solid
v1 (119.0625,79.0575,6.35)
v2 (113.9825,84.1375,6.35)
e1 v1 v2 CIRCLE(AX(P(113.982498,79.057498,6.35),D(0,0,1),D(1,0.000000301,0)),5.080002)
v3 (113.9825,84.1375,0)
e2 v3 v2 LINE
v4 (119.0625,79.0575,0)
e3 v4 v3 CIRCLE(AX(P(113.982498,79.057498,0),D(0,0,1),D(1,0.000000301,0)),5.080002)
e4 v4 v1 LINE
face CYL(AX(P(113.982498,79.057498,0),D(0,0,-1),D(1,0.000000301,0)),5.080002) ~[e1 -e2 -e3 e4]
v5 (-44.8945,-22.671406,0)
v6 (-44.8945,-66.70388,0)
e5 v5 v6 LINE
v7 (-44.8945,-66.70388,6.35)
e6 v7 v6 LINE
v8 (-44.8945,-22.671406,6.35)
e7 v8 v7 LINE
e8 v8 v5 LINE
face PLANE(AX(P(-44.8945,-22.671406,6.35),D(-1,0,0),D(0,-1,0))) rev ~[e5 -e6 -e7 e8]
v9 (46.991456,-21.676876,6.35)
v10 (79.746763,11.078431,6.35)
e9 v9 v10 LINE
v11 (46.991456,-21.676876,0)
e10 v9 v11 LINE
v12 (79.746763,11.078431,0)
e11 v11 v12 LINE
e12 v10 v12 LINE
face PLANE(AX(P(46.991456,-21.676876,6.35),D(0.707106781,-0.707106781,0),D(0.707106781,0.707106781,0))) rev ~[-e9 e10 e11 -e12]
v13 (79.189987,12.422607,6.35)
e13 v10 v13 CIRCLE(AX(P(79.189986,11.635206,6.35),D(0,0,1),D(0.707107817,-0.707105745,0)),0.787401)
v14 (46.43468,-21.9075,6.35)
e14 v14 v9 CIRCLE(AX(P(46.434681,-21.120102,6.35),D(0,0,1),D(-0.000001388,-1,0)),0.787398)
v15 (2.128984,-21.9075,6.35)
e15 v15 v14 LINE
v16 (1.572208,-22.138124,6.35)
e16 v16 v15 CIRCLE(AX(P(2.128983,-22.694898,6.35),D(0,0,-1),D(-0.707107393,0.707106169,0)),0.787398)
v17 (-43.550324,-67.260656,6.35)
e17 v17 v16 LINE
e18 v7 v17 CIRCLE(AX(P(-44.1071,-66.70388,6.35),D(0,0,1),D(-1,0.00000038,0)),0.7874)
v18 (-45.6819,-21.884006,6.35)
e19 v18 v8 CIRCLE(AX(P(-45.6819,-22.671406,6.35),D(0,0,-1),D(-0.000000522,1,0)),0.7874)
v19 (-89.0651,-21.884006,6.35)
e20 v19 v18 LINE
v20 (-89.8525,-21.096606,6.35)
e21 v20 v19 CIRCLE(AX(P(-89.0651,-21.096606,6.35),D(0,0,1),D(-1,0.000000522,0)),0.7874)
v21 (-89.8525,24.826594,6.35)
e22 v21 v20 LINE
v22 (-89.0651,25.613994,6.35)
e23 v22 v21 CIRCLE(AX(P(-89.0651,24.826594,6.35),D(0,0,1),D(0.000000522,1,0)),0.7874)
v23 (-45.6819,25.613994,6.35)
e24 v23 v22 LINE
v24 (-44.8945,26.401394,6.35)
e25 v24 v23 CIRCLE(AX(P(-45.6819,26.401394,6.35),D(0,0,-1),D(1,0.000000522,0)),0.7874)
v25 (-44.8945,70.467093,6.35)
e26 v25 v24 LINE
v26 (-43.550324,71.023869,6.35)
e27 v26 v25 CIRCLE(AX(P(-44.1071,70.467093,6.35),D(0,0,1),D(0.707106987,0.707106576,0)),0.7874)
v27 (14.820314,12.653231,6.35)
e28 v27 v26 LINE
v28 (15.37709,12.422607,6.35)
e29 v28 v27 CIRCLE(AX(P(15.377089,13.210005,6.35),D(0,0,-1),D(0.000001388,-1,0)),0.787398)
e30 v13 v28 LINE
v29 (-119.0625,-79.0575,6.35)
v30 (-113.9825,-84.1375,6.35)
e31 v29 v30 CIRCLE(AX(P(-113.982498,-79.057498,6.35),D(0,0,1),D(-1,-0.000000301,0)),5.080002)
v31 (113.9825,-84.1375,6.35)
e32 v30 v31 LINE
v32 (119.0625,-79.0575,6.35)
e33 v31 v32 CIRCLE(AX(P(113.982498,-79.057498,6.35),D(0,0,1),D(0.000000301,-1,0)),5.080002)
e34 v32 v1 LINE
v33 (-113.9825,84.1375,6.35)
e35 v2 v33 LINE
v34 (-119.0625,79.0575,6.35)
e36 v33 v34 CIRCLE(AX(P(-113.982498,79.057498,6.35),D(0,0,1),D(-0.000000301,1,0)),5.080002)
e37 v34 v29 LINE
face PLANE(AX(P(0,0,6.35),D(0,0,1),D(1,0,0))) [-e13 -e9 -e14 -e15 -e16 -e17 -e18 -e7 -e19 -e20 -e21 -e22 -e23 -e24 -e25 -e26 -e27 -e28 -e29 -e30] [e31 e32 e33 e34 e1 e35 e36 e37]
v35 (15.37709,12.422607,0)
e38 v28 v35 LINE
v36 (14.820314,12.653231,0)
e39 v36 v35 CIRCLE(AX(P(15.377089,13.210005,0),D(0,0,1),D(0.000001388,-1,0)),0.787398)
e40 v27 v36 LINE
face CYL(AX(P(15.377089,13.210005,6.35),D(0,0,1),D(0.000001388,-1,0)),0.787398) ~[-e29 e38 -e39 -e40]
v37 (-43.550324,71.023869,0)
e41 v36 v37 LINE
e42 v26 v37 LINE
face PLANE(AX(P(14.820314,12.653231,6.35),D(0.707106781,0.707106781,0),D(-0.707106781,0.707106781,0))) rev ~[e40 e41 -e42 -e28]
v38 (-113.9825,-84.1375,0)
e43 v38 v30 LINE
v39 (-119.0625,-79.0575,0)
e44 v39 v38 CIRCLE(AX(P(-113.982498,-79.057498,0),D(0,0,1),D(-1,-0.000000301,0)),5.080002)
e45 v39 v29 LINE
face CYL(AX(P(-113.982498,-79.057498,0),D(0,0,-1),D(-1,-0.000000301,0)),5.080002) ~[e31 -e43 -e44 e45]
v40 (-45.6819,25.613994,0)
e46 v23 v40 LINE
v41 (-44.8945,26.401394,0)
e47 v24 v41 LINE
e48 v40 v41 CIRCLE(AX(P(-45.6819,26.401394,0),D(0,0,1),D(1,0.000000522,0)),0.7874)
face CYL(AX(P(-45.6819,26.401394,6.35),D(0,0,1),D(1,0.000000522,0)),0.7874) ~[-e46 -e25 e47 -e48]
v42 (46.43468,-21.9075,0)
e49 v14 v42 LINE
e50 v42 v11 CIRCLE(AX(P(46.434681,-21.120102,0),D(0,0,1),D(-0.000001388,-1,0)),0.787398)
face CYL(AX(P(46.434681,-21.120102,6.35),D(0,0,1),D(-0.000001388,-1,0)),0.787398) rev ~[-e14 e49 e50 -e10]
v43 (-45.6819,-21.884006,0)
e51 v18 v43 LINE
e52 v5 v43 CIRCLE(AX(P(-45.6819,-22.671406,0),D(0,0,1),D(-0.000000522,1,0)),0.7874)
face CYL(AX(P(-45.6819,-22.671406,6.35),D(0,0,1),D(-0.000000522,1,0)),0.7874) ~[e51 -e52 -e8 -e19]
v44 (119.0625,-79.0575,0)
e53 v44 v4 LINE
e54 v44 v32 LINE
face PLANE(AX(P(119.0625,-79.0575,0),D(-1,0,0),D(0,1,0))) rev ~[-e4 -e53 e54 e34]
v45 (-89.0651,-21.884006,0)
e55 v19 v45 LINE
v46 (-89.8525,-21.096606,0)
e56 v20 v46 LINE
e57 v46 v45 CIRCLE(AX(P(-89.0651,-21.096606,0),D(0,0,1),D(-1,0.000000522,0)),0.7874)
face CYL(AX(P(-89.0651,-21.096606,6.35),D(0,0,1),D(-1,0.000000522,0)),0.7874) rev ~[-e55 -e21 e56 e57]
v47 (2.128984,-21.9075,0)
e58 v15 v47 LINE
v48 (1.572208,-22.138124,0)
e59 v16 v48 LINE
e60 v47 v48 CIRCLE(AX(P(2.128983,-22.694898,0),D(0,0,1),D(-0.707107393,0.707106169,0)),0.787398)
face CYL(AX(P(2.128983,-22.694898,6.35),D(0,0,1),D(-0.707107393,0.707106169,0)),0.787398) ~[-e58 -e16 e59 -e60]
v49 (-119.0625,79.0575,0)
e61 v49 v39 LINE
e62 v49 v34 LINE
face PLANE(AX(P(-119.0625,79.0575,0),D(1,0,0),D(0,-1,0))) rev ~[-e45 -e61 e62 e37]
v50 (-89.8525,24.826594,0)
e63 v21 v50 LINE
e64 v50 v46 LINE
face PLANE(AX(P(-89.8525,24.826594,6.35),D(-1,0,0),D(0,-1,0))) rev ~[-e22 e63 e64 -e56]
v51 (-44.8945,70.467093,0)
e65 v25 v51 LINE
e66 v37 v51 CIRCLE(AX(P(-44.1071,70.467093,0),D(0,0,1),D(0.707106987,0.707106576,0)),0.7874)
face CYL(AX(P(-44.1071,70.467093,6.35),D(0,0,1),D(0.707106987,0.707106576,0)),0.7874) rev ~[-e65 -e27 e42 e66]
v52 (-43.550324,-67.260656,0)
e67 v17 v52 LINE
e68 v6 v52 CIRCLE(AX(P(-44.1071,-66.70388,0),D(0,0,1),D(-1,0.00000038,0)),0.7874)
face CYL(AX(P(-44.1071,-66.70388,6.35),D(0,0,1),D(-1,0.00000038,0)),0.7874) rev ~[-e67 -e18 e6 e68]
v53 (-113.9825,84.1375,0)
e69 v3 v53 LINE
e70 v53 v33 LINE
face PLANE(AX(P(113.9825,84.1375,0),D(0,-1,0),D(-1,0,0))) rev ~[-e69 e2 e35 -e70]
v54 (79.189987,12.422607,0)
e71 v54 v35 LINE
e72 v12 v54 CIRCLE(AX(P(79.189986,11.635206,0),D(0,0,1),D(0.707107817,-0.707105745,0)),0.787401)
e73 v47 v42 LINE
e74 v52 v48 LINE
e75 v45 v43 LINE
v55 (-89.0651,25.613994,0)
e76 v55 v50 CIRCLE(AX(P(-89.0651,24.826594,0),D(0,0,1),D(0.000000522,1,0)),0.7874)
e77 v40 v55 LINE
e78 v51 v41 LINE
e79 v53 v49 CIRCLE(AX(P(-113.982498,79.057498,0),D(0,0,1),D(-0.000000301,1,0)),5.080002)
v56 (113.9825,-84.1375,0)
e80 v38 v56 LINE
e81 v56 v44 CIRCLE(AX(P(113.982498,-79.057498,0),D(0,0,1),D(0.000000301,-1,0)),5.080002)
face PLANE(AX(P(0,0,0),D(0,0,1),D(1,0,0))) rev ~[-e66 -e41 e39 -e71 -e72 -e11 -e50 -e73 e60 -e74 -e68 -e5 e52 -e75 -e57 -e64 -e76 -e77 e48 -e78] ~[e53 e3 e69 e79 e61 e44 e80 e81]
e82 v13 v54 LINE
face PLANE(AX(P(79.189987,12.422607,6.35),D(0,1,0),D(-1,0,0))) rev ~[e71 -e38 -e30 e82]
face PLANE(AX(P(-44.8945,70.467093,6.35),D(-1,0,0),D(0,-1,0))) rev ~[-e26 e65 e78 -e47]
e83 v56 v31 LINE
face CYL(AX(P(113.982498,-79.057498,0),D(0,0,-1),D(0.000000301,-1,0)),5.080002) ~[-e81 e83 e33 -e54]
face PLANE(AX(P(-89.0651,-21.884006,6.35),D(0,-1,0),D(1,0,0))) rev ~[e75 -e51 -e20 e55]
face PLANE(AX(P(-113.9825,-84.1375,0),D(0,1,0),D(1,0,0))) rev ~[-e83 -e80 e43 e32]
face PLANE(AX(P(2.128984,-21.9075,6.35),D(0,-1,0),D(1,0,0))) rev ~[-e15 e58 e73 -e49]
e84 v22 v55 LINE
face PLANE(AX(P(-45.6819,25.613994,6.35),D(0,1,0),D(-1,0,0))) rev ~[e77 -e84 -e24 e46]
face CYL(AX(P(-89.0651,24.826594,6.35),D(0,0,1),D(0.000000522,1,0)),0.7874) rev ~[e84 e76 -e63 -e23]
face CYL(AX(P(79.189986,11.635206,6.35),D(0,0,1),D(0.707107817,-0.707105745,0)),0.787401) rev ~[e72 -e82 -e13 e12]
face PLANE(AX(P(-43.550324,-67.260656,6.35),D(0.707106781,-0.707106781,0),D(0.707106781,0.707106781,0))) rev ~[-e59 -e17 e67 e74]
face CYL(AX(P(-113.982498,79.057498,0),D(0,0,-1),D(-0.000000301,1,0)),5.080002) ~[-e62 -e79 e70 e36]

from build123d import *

# Parameters (mm, degrees)
F1_DEPTH = 6.35
F3_DEPTH = 6.351
F5_DEPTH = 6.351


with BuildPart() as f1:
    # F0 (on Top) → F1 (new body)
    with BuildSketch(Plane.XY):
        with BuildLine():
            Line((113.9825, 84.1375), (-113.9825, 84.1375))
            ThreePointArc((-113.9825, 84.1375), (-117.574602, 82.649602), (-119.0625, 79.0575))
            Line((-119.0625, 79.0575), (-119.0625, -79.0575))
            ThreePointArc((-119.0625, -79.0575), (-117.574602, -82.649602), (-113.9825, -84.1375))
            Line((-113.9825, -84.1375), (113.9825, -84.1375))
            ThreePointArc((113.9825, -84.1375), (117.574602, -82.649602), (119.0625, -79.0575))
            Line((119.0625, -79.0575), (119.0625, 79.0575))
            ThreePointArc((119.0625, 79.0575), (117.574602, 82.649602), (113.9825, 84.1375))
        make_face()
    extrude(amount=F1_DEPTH)

    # F2 (on face) → F3 (cut, through all)
    with BuildSketch(Plane.XY.offset(6.35)):
        Polygon((-88.5825, 24.343994), (-88.5825, -20.614006), (-43.6245, -20.614006), (-43.6245, -65.538781), (1.276781, -20.6375), (46.234781, -20.6375), (78.024887, 11.152607), (14.524887, 11.152607), (-43.6245, 69.301994), (-43.6245, 24.343994), align=None)
    extrude(amount=-F3_DEPTH, mode=Mode.SUBTRACT)

    # F4 (on face) → F5 (cut, through all)
    with BuildSketch(Plane.XY.offset(6.35)):
        with BuildLine():
            ThreePointArc((79.746763, 11.078431), (79.917449, 11.936532), (79.189987, 12.422607))
            Line((79.189987, 12.422607), (15.37709, 12.422607))
            ThreePointArc((15.37709, 12.422607), (15.075765, 12.482544), (14.820314, 12.653231))
            Line((14.820314, 12.653231), (-43.550324, 71.023869))
            ThreePointArc((-43.550324, 71.023869), (-44.408425, 71.194556), (-44.8945, 70.467093))
            Line((-44.8945, 70.467093), (-44.8945, 26.401394))
            ThreePointArc((-44.8945, 26.401394), (-45.125124, 25.844618), (-45.6819, 25.613994))
            Line((-45.6819, 25.613994), (-89.0651, 25.613994))
            ThreePointArc((-89.0651, 25.613994), (-89.621876, 25.38337), (-89.8525, 24.826594))
            Line((-89.8525, 24.826594), (-89.8525, -21.096606))
            ThreePointArc((-89.8525, -21.096606), (-89.621876, -21.653382), (-89.0651, -21.884006))
            Line((-89.0651, -21.884006), (-45.6819, -21.884006))
            ThreePointArc((-45.6819, -21.884006), (-45.125124, -22.11463), (-44.8945, -22.671406))
            Line((-44.8945, -22.671406), (-44.8945, -66.70388))
            ThreePointArc((-44.8945, -66.70388), (-44.408425, -67.431343), (-43.550324, -67.260656))
            Line((-43.550324, -67.260656), (1.572208, -22.138124))
            ThreePointArc((1.572208, -22.138124), (1.827659, -21.967437), (2.128984, -21.9075))
            Line((2.128984, -21.9075), (46.43468, -21.9075))
            ThreePointArc((46.43468, -21.9075), (46.736005, -21.847563), (46.991456, -21.676876))
            Line((46.991456, -21.676876), (79.746763, 11.078431))
        make_face()
    extrude(amount=-F5_DEPTH, mode=Mode.SUBTRACT)


solid = f1.part
